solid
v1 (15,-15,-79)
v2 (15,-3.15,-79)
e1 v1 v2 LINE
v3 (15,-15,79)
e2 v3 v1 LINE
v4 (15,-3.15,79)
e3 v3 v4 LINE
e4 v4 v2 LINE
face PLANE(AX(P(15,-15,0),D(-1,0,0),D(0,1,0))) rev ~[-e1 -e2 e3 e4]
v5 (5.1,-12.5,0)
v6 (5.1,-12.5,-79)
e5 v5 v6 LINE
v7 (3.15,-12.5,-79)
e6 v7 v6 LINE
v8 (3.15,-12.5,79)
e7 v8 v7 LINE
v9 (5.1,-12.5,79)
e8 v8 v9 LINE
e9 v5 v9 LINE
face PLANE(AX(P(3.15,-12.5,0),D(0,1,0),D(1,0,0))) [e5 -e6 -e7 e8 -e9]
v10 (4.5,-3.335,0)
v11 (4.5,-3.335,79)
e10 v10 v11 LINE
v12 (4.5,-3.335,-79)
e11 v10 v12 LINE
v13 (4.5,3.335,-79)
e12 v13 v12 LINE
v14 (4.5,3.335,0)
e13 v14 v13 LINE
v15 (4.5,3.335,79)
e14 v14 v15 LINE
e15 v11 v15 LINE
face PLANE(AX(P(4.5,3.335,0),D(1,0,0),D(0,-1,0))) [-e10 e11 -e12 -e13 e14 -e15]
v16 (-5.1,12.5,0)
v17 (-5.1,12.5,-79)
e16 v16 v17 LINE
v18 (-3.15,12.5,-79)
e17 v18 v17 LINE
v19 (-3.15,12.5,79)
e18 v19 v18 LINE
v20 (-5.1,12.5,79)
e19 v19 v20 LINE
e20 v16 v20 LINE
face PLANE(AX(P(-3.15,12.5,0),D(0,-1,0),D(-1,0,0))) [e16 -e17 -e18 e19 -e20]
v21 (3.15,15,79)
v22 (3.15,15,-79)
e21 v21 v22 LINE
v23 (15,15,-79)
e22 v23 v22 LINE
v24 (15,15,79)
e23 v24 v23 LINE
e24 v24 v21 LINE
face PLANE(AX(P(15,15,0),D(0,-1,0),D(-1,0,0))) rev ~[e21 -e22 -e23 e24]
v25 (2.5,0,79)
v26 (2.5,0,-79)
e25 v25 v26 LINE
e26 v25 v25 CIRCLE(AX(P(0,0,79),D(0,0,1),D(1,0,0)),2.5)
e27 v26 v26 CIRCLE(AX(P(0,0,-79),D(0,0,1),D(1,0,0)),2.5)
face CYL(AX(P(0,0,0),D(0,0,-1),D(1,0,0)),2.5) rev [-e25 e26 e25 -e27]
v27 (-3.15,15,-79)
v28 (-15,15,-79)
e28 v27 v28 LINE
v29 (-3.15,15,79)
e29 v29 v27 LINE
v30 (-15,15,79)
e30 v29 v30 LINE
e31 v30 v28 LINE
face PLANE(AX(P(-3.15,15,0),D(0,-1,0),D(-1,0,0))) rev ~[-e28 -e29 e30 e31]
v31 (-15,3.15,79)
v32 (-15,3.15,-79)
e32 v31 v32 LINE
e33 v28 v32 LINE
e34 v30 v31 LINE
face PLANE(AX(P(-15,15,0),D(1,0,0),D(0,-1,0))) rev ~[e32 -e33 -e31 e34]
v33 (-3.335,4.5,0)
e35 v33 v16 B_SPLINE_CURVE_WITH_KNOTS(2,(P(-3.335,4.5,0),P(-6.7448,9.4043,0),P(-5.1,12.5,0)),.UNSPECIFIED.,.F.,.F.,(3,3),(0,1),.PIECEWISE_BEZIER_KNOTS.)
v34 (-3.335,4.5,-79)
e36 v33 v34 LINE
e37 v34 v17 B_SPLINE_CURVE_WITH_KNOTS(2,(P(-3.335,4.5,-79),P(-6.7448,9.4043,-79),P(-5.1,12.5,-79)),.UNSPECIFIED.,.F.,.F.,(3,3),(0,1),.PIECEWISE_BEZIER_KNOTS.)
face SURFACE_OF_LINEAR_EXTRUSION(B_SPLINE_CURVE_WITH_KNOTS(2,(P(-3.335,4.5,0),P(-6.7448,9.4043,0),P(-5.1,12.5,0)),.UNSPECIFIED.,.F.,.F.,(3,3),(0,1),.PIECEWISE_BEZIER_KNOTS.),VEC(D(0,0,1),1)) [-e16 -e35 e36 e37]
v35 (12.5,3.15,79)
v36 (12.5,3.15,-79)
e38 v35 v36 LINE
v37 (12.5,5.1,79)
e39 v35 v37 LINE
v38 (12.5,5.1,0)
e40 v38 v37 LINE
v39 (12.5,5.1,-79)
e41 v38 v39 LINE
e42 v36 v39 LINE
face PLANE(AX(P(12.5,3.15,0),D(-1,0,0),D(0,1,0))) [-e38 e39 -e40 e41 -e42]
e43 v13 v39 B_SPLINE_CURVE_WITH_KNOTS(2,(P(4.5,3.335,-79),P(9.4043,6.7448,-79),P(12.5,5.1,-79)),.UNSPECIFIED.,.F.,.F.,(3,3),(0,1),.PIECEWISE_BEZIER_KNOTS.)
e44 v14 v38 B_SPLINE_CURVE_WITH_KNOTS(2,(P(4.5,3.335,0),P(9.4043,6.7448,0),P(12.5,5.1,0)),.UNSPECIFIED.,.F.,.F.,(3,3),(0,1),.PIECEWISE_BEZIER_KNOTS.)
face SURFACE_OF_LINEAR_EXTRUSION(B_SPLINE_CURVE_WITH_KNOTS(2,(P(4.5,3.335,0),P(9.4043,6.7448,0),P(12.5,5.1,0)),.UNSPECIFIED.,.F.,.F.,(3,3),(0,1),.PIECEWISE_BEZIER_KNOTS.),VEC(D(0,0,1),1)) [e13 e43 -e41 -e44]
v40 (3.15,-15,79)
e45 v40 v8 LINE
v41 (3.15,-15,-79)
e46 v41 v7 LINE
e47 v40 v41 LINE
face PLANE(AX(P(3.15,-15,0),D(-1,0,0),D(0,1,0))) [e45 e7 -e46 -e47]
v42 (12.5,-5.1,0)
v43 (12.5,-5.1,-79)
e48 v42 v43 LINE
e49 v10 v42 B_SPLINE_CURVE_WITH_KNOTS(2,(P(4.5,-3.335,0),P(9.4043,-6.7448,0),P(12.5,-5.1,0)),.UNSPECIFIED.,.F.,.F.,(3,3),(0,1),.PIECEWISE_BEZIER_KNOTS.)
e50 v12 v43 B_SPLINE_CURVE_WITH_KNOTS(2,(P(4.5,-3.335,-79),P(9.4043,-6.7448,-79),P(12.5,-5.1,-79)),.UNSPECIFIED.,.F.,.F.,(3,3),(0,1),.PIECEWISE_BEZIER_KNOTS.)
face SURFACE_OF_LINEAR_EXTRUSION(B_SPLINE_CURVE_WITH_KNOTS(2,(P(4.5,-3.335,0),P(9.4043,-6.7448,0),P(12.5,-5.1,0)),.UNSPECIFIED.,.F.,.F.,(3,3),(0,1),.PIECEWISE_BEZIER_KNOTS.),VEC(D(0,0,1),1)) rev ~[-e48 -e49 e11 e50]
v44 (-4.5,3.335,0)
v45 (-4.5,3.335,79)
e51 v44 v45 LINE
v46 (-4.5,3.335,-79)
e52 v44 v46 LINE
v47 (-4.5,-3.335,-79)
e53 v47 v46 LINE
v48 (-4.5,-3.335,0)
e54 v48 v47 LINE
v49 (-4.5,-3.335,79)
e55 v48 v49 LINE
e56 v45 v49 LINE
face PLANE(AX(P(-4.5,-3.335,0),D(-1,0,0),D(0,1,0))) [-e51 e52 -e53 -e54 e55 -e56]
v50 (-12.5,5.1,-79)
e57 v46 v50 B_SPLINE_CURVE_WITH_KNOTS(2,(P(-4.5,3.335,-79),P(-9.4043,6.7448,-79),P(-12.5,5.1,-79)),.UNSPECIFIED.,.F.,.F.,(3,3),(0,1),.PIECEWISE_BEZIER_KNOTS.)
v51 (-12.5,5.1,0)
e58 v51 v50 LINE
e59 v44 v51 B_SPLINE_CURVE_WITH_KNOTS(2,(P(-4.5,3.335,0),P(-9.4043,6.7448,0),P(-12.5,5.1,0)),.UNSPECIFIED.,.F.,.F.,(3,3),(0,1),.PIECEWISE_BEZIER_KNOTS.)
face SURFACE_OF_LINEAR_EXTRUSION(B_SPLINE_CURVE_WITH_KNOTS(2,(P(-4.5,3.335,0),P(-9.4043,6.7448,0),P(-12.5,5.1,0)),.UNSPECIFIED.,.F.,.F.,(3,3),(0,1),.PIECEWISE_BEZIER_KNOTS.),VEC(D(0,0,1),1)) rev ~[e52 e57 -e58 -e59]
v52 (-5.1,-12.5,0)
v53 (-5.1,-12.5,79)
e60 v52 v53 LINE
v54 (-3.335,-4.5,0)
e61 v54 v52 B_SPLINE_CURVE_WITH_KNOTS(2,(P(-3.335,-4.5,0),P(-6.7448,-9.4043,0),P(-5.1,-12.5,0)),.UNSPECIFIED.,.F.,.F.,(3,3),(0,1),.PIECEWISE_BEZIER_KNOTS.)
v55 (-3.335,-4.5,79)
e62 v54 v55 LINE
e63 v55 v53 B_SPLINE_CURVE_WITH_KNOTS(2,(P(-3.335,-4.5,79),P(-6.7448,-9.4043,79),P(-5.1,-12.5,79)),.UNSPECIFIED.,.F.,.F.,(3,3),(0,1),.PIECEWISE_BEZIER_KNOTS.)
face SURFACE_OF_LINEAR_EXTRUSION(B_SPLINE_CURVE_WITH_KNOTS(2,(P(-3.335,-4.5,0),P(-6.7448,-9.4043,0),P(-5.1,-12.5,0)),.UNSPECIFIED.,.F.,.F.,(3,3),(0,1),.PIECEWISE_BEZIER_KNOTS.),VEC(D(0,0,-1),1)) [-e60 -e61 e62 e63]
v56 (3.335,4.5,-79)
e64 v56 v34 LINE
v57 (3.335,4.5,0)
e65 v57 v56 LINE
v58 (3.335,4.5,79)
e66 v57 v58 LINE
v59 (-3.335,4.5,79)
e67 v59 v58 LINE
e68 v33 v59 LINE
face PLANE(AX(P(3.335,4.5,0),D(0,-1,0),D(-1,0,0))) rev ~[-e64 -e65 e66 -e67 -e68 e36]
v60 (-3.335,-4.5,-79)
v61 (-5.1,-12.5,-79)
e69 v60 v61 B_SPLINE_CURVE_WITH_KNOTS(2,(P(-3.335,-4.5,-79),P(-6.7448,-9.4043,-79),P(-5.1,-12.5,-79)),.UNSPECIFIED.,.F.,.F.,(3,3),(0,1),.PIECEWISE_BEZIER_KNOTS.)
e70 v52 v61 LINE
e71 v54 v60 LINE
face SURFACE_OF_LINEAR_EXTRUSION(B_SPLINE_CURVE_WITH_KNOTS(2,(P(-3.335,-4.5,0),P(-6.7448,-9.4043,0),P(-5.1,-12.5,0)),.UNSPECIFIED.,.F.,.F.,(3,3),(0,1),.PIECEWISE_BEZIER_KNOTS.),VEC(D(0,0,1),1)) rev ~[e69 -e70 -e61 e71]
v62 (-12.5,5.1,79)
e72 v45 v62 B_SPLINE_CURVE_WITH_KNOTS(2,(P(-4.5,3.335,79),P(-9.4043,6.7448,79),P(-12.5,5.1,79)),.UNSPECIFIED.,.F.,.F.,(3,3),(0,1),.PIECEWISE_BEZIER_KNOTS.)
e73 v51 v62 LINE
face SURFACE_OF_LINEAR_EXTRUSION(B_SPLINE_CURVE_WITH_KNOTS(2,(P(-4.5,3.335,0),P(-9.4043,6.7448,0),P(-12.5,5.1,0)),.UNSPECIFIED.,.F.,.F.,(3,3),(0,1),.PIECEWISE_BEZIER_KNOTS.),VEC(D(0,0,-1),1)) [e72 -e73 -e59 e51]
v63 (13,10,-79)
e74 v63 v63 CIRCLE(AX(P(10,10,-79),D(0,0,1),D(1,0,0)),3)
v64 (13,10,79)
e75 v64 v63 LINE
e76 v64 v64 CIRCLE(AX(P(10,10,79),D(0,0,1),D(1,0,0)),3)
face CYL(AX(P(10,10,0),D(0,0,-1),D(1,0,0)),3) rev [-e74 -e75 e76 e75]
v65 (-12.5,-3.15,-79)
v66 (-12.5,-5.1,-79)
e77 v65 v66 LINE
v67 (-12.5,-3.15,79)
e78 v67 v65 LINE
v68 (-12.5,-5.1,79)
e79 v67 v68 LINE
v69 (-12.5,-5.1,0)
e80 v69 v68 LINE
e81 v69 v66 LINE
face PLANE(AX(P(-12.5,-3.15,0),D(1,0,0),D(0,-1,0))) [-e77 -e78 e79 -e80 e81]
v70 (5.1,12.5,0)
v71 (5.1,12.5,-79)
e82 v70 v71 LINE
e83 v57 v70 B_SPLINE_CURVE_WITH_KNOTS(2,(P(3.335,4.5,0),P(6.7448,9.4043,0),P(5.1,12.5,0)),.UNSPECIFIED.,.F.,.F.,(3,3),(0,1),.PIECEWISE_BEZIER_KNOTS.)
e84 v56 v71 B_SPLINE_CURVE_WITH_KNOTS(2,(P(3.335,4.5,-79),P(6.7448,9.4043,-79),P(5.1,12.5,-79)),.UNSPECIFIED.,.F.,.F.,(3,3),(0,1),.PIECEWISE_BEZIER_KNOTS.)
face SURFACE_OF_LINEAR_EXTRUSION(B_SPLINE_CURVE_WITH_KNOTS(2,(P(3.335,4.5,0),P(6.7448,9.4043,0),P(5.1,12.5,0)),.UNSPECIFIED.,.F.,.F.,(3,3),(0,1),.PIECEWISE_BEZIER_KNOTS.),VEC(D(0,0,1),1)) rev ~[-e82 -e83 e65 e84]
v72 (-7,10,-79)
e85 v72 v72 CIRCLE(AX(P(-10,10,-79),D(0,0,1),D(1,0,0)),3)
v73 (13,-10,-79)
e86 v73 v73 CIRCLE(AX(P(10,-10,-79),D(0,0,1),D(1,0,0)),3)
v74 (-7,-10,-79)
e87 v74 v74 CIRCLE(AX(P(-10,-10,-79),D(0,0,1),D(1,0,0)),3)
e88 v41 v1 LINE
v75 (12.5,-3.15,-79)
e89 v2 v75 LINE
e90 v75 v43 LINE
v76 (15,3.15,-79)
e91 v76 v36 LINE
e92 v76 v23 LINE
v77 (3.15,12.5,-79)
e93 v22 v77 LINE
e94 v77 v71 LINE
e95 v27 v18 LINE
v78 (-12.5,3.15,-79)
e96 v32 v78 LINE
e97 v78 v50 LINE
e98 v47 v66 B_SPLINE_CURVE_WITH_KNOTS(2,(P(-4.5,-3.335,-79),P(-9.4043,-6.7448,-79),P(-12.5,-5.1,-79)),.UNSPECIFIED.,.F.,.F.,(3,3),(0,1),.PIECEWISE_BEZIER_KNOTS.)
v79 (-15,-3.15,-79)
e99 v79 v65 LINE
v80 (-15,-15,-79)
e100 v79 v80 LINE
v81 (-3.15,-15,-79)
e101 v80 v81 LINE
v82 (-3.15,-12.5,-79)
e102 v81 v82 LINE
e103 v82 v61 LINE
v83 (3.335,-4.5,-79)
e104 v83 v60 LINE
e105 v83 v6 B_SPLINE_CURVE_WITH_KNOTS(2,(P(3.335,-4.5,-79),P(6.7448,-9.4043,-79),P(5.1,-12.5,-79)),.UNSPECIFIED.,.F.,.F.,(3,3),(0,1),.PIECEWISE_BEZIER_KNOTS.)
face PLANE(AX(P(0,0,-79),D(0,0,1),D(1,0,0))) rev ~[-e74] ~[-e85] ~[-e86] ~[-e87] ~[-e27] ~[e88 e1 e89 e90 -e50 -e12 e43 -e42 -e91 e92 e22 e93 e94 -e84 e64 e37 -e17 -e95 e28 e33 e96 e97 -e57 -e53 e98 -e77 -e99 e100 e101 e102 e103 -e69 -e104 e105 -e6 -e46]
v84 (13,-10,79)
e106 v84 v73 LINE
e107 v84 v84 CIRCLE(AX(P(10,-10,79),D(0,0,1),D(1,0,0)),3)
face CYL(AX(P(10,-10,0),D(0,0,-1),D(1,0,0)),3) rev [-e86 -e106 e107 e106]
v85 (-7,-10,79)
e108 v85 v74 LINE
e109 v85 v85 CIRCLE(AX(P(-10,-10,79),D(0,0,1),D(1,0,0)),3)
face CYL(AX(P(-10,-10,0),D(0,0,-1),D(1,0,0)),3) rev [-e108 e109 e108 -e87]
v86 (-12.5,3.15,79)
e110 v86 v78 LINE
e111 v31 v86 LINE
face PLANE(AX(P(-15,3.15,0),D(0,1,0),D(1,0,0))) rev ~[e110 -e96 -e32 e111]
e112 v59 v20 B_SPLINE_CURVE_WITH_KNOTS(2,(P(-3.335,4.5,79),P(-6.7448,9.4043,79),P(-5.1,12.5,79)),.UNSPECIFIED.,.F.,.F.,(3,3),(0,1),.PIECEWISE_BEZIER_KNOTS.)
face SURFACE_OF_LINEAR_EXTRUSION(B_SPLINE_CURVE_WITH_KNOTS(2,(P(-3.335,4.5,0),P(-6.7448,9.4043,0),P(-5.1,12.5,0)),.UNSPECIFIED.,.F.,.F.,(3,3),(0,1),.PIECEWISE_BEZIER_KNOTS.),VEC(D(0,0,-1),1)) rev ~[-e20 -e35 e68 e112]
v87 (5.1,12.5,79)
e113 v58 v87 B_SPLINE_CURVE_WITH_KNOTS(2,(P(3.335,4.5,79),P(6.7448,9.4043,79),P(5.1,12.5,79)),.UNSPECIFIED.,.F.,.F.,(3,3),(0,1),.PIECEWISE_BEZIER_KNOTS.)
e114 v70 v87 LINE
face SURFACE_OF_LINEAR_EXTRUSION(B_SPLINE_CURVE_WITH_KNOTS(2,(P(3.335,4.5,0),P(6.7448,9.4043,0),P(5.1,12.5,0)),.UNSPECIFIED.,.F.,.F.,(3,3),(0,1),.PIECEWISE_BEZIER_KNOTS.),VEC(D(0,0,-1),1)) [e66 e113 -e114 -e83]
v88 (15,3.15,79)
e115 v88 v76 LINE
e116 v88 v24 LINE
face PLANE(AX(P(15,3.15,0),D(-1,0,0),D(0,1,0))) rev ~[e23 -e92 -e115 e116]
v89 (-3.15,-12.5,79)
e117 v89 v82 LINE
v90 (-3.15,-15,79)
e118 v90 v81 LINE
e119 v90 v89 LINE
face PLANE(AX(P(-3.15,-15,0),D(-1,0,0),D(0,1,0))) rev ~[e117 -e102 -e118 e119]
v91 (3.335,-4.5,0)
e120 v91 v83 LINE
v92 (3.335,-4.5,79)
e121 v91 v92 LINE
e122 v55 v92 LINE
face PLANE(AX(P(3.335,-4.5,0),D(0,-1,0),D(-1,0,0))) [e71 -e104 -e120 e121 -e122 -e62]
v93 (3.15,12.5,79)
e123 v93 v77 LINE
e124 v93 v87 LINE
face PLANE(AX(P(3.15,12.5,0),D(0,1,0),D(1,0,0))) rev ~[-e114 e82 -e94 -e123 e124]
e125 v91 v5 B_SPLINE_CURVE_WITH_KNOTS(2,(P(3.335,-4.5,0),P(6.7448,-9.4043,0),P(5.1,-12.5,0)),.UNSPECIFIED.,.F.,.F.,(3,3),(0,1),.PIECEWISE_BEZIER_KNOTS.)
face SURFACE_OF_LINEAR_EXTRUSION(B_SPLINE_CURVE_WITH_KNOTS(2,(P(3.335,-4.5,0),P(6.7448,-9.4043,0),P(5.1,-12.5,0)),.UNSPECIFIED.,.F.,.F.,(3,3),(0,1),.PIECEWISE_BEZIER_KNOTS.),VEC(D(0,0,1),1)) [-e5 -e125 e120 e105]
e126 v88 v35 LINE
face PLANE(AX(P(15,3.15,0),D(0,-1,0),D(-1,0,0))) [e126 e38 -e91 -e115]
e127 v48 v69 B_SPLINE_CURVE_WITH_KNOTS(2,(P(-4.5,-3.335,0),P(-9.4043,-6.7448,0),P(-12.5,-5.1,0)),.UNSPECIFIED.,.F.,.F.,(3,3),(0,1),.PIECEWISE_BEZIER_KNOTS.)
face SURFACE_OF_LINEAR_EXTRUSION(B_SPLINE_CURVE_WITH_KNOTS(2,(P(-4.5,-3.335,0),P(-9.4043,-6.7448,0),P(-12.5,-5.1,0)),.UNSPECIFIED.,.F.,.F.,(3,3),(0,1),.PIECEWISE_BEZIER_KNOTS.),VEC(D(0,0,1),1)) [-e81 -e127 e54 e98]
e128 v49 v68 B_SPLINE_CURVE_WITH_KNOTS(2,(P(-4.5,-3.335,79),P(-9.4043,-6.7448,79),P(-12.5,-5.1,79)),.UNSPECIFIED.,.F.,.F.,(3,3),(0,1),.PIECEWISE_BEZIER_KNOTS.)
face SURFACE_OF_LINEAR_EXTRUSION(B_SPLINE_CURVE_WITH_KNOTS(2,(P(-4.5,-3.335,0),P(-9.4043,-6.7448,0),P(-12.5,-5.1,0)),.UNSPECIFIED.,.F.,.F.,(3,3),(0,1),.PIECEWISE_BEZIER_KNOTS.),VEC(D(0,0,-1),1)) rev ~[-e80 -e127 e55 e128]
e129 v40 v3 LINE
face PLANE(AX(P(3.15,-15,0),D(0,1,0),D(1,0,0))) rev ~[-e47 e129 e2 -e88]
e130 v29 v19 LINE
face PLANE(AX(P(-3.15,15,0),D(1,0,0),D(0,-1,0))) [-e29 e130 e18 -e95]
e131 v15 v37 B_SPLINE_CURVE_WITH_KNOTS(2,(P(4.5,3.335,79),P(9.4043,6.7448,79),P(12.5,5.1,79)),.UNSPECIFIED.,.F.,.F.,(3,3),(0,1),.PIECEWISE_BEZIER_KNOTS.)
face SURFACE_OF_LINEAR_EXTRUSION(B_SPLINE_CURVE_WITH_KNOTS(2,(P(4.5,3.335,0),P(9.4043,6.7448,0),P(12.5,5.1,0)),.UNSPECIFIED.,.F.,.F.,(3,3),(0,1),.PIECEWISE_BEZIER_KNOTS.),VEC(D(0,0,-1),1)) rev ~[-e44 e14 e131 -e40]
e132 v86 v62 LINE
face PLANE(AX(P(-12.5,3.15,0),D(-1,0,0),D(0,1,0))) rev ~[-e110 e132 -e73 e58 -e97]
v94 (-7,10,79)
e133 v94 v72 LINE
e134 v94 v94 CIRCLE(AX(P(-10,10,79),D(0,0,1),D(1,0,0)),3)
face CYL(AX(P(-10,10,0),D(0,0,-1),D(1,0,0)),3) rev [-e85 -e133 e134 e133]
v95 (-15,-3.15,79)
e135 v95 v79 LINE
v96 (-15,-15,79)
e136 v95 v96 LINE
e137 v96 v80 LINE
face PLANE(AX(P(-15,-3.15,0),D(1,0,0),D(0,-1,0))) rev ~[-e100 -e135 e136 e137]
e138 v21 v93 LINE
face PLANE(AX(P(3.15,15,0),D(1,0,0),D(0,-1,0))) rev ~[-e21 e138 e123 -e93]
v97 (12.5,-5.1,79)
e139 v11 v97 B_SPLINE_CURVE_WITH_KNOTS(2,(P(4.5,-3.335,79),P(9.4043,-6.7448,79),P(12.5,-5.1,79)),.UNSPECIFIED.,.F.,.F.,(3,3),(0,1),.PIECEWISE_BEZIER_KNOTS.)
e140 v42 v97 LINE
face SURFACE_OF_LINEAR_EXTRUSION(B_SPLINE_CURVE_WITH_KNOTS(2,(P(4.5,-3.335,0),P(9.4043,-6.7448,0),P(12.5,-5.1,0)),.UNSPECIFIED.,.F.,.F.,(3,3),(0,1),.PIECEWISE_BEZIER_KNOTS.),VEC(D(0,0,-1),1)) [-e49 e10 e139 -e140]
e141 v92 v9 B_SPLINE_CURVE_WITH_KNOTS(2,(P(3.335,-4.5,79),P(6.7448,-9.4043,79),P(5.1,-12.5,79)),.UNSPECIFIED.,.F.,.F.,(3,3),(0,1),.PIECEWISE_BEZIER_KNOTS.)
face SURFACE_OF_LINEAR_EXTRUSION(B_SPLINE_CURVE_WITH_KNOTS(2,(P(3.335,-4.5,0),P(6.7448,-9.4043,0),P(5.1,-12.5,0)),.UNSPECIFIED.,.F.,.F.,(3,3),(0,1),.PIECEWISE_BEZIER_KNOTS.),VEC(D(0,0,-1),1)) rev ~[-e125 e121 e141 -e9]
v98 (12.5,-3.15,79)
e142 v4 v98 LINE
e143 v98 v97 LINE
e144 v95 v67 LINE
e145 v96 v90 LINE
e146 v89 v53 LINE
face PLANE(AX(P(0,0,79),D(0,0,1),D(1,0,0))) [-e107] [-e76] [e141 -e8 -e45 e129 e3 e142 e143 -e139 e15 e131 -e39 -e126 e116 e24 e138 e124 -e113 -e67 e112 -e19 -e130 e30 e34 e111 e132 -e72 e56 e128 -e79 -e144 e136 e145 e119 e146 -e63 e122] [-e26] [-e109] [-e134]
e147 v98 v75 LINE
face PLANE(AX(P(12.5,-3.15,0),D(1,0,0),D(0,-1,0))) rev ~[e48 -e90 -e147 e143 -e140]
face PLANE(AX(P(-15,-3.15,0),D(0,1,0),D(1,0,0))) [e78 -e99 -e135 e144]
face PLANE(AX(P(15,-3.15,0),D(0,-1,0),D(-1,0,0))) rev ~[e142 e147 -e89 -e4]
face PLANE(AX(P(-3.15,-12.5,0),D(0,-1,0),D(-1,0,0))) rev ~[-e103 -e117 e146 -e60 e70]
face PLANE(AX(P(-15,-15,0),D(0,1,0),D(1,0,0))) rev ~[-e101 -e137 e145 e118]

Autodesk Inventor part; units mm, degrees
ref_plane "YZ Plane" through (0, 0, 0) normal (1, 0, 0) x (0, 1, 0)
ref_plane "XZ Plane" through (0, 0, 0) normal (0, 1, 0) x (-1, 0, 0)
ref_plane "XY Plane" through (0, 0, 0) normal (0, 0, 1) x (1, 0, 0)
sketch "스케치1" plane through (0, 0, 0) normal (0, 0, 1) x (1, 0, 0)
  line L0 (3.335, 4.5) -> (0, 4.5)
  spline S0 degree 2 poles (3.335, 4.5) (6.7448, 9.4043) (5.1, 12.5) knots 0 0 0 1 1 1
  line L1 (4.5, 3.335) -> (4.5, 0)
  line L2 (-15, 15) -> (-15, -15)
  line L3 (-15, -15) -> (15, -15)
  line L4 (15, -15) -> (-15, 15) construction
  line L5 (-15, -15) -> (15, 15) construction
  line L6 (15, -3.15) -> (12.5, -3.15)
  line L7 (4.5, -3.335) -> (4.5, 0)
  line L8 (12.5, -3.15) -> (12.5, -5.1)
  spline S1 degree 2 poles (4.5, -3.335) (9.4043, -6.7448) (12.5, -5.1) knots 0 0 0 1 1 1
  line L9 (15, -15) -> (15, 15)
  circle A0 centre (10, -10) radius 3
  line L10 (15, 3.15) -> (12.5, 3.15)
  circle A1 centre (10, 10) radius 3
  spline S2 degree 2 poles (4.5, 3.335) (9.4043, 6.7448) (12.5, 5.1) knots 0 0 0 1 1 1
  line L11 (3.15, 12.5) -> (5.1, 12.5)
  line L12 (15, 15) -> (-15, 15)
  line L13 (0, 0) -> (0, 15) construction
  line L14 (3.15, 15) -> (3.15, 12.5)
  line L15 (-3.15, 15) -> (-3.15, 12.5)
  line L16 (-3.15, 12.5) -> (-5.1, 12.5)
  line L17 (-3.335, 4.5) -> (0, 4.5)
  spline S3 degree 2 poles (-3.335, 4.5) (-6.7448, 9.4043) (-5.1, 12.5) knots 0 0 0 1 1 1
  line L18 (-4.5, 3.335) -> (-4.5, 0)
  spline S4 degree 2 poles (-4.5, 3.335) (-9.4043, 6.7448) (-12.5, 5.1) knots 0 0 0 1 1 1
  line L19 (-12.5, 3.15) -> (-12.5, 5.1)
  line L20 (-15, 3.15) -> (-12.5, 3.15)
  circle A2 centre (-10, 10) radius 3
  circle A3 centre (0, 0) radius 2.5
  line L21 (-4.5, -3.335) -> (-4.5, 0)
  line L22 (-15, -3.15) -> (-12.5, -3.15)
  line L23 (-12.5, -3.15) -> (-12.5, -5.1)
  spline S5 degree 2 poles (-4.5, -3.335) (-9.4043, -6.7448) (-12.5, -5.1) knots 0 0 0 1 1 1
  line L24 (-3.335, -4.5) -> (0, -4.5)
  circle A4 centre (-10, -10) radius 3
  line L25 (3.335, -4.5) -> (0, -4.5)
  spline S6 degree 2 poles (-3.335, -4.5) (-6.7448, -9.4043) (-5.1, -12.5) knots 0 0 0 1 1 1
  line L26 (-3.15, -12.5) -> (-5.1, -12.5)
  line L27 (-3.15, -15) -> (-3.15, -12.5)
  spline S7 degree 2 poles (3.335, -4.5) (6.7448, -9.4043) (5.1, -12.5) knots 0 0 0 1 1 1
  line L28 (3.15, -12.5) -> (5.1, -12.5)
  line L29 (3.15, -15) -> (3.15, -12.5)
  line L30 (12.5, 3.15) -> (12.5, 5.1)
  point P0 (5.5866, 9.5531)
  point P1 (9.5531, -5.5866)
  point P2 (9.5531, 5.5866)
  point P3 (-5.5866, 9.5531)
  point P4 (-9.5531, 5.5866)
  point P5 (-9.5531, -5.5866)
  point P6 (-5.5866, -9.5531)
  point P7 (5.5866, -9.5531)
  dimension "d2" = 30
  dimension "d3" = 30
  dimension "d4" = 6
  dimension "d5" = 5
  dimension "d6" = 6.3
  dimension "d7" = 10.2
  dimension "d8" = 6.67
  dimension "d9" = 8
  dimension "d10" = 2.5
  dimension "d11" = 360
  dimension "d12" = 20
extrude "돌출1" add sketch "스케치1" along normal mid plane 158 contours S0 L11 L14 L12 L9 L10 L30 S2 L1 L7 S1 L8 L6 L3 L29 L28 S7 L25 L24 S6 L26 L27 L2 L22 L23 S5 L21 L18 S4 L19 L20 L15 L16 S3 L17 L0
equation "\"TransitionRadius\" = BendRadius"
equation "\"BendRadius\" = 0.5"
properties part number "3030 Aluminium Profile 158mm"
